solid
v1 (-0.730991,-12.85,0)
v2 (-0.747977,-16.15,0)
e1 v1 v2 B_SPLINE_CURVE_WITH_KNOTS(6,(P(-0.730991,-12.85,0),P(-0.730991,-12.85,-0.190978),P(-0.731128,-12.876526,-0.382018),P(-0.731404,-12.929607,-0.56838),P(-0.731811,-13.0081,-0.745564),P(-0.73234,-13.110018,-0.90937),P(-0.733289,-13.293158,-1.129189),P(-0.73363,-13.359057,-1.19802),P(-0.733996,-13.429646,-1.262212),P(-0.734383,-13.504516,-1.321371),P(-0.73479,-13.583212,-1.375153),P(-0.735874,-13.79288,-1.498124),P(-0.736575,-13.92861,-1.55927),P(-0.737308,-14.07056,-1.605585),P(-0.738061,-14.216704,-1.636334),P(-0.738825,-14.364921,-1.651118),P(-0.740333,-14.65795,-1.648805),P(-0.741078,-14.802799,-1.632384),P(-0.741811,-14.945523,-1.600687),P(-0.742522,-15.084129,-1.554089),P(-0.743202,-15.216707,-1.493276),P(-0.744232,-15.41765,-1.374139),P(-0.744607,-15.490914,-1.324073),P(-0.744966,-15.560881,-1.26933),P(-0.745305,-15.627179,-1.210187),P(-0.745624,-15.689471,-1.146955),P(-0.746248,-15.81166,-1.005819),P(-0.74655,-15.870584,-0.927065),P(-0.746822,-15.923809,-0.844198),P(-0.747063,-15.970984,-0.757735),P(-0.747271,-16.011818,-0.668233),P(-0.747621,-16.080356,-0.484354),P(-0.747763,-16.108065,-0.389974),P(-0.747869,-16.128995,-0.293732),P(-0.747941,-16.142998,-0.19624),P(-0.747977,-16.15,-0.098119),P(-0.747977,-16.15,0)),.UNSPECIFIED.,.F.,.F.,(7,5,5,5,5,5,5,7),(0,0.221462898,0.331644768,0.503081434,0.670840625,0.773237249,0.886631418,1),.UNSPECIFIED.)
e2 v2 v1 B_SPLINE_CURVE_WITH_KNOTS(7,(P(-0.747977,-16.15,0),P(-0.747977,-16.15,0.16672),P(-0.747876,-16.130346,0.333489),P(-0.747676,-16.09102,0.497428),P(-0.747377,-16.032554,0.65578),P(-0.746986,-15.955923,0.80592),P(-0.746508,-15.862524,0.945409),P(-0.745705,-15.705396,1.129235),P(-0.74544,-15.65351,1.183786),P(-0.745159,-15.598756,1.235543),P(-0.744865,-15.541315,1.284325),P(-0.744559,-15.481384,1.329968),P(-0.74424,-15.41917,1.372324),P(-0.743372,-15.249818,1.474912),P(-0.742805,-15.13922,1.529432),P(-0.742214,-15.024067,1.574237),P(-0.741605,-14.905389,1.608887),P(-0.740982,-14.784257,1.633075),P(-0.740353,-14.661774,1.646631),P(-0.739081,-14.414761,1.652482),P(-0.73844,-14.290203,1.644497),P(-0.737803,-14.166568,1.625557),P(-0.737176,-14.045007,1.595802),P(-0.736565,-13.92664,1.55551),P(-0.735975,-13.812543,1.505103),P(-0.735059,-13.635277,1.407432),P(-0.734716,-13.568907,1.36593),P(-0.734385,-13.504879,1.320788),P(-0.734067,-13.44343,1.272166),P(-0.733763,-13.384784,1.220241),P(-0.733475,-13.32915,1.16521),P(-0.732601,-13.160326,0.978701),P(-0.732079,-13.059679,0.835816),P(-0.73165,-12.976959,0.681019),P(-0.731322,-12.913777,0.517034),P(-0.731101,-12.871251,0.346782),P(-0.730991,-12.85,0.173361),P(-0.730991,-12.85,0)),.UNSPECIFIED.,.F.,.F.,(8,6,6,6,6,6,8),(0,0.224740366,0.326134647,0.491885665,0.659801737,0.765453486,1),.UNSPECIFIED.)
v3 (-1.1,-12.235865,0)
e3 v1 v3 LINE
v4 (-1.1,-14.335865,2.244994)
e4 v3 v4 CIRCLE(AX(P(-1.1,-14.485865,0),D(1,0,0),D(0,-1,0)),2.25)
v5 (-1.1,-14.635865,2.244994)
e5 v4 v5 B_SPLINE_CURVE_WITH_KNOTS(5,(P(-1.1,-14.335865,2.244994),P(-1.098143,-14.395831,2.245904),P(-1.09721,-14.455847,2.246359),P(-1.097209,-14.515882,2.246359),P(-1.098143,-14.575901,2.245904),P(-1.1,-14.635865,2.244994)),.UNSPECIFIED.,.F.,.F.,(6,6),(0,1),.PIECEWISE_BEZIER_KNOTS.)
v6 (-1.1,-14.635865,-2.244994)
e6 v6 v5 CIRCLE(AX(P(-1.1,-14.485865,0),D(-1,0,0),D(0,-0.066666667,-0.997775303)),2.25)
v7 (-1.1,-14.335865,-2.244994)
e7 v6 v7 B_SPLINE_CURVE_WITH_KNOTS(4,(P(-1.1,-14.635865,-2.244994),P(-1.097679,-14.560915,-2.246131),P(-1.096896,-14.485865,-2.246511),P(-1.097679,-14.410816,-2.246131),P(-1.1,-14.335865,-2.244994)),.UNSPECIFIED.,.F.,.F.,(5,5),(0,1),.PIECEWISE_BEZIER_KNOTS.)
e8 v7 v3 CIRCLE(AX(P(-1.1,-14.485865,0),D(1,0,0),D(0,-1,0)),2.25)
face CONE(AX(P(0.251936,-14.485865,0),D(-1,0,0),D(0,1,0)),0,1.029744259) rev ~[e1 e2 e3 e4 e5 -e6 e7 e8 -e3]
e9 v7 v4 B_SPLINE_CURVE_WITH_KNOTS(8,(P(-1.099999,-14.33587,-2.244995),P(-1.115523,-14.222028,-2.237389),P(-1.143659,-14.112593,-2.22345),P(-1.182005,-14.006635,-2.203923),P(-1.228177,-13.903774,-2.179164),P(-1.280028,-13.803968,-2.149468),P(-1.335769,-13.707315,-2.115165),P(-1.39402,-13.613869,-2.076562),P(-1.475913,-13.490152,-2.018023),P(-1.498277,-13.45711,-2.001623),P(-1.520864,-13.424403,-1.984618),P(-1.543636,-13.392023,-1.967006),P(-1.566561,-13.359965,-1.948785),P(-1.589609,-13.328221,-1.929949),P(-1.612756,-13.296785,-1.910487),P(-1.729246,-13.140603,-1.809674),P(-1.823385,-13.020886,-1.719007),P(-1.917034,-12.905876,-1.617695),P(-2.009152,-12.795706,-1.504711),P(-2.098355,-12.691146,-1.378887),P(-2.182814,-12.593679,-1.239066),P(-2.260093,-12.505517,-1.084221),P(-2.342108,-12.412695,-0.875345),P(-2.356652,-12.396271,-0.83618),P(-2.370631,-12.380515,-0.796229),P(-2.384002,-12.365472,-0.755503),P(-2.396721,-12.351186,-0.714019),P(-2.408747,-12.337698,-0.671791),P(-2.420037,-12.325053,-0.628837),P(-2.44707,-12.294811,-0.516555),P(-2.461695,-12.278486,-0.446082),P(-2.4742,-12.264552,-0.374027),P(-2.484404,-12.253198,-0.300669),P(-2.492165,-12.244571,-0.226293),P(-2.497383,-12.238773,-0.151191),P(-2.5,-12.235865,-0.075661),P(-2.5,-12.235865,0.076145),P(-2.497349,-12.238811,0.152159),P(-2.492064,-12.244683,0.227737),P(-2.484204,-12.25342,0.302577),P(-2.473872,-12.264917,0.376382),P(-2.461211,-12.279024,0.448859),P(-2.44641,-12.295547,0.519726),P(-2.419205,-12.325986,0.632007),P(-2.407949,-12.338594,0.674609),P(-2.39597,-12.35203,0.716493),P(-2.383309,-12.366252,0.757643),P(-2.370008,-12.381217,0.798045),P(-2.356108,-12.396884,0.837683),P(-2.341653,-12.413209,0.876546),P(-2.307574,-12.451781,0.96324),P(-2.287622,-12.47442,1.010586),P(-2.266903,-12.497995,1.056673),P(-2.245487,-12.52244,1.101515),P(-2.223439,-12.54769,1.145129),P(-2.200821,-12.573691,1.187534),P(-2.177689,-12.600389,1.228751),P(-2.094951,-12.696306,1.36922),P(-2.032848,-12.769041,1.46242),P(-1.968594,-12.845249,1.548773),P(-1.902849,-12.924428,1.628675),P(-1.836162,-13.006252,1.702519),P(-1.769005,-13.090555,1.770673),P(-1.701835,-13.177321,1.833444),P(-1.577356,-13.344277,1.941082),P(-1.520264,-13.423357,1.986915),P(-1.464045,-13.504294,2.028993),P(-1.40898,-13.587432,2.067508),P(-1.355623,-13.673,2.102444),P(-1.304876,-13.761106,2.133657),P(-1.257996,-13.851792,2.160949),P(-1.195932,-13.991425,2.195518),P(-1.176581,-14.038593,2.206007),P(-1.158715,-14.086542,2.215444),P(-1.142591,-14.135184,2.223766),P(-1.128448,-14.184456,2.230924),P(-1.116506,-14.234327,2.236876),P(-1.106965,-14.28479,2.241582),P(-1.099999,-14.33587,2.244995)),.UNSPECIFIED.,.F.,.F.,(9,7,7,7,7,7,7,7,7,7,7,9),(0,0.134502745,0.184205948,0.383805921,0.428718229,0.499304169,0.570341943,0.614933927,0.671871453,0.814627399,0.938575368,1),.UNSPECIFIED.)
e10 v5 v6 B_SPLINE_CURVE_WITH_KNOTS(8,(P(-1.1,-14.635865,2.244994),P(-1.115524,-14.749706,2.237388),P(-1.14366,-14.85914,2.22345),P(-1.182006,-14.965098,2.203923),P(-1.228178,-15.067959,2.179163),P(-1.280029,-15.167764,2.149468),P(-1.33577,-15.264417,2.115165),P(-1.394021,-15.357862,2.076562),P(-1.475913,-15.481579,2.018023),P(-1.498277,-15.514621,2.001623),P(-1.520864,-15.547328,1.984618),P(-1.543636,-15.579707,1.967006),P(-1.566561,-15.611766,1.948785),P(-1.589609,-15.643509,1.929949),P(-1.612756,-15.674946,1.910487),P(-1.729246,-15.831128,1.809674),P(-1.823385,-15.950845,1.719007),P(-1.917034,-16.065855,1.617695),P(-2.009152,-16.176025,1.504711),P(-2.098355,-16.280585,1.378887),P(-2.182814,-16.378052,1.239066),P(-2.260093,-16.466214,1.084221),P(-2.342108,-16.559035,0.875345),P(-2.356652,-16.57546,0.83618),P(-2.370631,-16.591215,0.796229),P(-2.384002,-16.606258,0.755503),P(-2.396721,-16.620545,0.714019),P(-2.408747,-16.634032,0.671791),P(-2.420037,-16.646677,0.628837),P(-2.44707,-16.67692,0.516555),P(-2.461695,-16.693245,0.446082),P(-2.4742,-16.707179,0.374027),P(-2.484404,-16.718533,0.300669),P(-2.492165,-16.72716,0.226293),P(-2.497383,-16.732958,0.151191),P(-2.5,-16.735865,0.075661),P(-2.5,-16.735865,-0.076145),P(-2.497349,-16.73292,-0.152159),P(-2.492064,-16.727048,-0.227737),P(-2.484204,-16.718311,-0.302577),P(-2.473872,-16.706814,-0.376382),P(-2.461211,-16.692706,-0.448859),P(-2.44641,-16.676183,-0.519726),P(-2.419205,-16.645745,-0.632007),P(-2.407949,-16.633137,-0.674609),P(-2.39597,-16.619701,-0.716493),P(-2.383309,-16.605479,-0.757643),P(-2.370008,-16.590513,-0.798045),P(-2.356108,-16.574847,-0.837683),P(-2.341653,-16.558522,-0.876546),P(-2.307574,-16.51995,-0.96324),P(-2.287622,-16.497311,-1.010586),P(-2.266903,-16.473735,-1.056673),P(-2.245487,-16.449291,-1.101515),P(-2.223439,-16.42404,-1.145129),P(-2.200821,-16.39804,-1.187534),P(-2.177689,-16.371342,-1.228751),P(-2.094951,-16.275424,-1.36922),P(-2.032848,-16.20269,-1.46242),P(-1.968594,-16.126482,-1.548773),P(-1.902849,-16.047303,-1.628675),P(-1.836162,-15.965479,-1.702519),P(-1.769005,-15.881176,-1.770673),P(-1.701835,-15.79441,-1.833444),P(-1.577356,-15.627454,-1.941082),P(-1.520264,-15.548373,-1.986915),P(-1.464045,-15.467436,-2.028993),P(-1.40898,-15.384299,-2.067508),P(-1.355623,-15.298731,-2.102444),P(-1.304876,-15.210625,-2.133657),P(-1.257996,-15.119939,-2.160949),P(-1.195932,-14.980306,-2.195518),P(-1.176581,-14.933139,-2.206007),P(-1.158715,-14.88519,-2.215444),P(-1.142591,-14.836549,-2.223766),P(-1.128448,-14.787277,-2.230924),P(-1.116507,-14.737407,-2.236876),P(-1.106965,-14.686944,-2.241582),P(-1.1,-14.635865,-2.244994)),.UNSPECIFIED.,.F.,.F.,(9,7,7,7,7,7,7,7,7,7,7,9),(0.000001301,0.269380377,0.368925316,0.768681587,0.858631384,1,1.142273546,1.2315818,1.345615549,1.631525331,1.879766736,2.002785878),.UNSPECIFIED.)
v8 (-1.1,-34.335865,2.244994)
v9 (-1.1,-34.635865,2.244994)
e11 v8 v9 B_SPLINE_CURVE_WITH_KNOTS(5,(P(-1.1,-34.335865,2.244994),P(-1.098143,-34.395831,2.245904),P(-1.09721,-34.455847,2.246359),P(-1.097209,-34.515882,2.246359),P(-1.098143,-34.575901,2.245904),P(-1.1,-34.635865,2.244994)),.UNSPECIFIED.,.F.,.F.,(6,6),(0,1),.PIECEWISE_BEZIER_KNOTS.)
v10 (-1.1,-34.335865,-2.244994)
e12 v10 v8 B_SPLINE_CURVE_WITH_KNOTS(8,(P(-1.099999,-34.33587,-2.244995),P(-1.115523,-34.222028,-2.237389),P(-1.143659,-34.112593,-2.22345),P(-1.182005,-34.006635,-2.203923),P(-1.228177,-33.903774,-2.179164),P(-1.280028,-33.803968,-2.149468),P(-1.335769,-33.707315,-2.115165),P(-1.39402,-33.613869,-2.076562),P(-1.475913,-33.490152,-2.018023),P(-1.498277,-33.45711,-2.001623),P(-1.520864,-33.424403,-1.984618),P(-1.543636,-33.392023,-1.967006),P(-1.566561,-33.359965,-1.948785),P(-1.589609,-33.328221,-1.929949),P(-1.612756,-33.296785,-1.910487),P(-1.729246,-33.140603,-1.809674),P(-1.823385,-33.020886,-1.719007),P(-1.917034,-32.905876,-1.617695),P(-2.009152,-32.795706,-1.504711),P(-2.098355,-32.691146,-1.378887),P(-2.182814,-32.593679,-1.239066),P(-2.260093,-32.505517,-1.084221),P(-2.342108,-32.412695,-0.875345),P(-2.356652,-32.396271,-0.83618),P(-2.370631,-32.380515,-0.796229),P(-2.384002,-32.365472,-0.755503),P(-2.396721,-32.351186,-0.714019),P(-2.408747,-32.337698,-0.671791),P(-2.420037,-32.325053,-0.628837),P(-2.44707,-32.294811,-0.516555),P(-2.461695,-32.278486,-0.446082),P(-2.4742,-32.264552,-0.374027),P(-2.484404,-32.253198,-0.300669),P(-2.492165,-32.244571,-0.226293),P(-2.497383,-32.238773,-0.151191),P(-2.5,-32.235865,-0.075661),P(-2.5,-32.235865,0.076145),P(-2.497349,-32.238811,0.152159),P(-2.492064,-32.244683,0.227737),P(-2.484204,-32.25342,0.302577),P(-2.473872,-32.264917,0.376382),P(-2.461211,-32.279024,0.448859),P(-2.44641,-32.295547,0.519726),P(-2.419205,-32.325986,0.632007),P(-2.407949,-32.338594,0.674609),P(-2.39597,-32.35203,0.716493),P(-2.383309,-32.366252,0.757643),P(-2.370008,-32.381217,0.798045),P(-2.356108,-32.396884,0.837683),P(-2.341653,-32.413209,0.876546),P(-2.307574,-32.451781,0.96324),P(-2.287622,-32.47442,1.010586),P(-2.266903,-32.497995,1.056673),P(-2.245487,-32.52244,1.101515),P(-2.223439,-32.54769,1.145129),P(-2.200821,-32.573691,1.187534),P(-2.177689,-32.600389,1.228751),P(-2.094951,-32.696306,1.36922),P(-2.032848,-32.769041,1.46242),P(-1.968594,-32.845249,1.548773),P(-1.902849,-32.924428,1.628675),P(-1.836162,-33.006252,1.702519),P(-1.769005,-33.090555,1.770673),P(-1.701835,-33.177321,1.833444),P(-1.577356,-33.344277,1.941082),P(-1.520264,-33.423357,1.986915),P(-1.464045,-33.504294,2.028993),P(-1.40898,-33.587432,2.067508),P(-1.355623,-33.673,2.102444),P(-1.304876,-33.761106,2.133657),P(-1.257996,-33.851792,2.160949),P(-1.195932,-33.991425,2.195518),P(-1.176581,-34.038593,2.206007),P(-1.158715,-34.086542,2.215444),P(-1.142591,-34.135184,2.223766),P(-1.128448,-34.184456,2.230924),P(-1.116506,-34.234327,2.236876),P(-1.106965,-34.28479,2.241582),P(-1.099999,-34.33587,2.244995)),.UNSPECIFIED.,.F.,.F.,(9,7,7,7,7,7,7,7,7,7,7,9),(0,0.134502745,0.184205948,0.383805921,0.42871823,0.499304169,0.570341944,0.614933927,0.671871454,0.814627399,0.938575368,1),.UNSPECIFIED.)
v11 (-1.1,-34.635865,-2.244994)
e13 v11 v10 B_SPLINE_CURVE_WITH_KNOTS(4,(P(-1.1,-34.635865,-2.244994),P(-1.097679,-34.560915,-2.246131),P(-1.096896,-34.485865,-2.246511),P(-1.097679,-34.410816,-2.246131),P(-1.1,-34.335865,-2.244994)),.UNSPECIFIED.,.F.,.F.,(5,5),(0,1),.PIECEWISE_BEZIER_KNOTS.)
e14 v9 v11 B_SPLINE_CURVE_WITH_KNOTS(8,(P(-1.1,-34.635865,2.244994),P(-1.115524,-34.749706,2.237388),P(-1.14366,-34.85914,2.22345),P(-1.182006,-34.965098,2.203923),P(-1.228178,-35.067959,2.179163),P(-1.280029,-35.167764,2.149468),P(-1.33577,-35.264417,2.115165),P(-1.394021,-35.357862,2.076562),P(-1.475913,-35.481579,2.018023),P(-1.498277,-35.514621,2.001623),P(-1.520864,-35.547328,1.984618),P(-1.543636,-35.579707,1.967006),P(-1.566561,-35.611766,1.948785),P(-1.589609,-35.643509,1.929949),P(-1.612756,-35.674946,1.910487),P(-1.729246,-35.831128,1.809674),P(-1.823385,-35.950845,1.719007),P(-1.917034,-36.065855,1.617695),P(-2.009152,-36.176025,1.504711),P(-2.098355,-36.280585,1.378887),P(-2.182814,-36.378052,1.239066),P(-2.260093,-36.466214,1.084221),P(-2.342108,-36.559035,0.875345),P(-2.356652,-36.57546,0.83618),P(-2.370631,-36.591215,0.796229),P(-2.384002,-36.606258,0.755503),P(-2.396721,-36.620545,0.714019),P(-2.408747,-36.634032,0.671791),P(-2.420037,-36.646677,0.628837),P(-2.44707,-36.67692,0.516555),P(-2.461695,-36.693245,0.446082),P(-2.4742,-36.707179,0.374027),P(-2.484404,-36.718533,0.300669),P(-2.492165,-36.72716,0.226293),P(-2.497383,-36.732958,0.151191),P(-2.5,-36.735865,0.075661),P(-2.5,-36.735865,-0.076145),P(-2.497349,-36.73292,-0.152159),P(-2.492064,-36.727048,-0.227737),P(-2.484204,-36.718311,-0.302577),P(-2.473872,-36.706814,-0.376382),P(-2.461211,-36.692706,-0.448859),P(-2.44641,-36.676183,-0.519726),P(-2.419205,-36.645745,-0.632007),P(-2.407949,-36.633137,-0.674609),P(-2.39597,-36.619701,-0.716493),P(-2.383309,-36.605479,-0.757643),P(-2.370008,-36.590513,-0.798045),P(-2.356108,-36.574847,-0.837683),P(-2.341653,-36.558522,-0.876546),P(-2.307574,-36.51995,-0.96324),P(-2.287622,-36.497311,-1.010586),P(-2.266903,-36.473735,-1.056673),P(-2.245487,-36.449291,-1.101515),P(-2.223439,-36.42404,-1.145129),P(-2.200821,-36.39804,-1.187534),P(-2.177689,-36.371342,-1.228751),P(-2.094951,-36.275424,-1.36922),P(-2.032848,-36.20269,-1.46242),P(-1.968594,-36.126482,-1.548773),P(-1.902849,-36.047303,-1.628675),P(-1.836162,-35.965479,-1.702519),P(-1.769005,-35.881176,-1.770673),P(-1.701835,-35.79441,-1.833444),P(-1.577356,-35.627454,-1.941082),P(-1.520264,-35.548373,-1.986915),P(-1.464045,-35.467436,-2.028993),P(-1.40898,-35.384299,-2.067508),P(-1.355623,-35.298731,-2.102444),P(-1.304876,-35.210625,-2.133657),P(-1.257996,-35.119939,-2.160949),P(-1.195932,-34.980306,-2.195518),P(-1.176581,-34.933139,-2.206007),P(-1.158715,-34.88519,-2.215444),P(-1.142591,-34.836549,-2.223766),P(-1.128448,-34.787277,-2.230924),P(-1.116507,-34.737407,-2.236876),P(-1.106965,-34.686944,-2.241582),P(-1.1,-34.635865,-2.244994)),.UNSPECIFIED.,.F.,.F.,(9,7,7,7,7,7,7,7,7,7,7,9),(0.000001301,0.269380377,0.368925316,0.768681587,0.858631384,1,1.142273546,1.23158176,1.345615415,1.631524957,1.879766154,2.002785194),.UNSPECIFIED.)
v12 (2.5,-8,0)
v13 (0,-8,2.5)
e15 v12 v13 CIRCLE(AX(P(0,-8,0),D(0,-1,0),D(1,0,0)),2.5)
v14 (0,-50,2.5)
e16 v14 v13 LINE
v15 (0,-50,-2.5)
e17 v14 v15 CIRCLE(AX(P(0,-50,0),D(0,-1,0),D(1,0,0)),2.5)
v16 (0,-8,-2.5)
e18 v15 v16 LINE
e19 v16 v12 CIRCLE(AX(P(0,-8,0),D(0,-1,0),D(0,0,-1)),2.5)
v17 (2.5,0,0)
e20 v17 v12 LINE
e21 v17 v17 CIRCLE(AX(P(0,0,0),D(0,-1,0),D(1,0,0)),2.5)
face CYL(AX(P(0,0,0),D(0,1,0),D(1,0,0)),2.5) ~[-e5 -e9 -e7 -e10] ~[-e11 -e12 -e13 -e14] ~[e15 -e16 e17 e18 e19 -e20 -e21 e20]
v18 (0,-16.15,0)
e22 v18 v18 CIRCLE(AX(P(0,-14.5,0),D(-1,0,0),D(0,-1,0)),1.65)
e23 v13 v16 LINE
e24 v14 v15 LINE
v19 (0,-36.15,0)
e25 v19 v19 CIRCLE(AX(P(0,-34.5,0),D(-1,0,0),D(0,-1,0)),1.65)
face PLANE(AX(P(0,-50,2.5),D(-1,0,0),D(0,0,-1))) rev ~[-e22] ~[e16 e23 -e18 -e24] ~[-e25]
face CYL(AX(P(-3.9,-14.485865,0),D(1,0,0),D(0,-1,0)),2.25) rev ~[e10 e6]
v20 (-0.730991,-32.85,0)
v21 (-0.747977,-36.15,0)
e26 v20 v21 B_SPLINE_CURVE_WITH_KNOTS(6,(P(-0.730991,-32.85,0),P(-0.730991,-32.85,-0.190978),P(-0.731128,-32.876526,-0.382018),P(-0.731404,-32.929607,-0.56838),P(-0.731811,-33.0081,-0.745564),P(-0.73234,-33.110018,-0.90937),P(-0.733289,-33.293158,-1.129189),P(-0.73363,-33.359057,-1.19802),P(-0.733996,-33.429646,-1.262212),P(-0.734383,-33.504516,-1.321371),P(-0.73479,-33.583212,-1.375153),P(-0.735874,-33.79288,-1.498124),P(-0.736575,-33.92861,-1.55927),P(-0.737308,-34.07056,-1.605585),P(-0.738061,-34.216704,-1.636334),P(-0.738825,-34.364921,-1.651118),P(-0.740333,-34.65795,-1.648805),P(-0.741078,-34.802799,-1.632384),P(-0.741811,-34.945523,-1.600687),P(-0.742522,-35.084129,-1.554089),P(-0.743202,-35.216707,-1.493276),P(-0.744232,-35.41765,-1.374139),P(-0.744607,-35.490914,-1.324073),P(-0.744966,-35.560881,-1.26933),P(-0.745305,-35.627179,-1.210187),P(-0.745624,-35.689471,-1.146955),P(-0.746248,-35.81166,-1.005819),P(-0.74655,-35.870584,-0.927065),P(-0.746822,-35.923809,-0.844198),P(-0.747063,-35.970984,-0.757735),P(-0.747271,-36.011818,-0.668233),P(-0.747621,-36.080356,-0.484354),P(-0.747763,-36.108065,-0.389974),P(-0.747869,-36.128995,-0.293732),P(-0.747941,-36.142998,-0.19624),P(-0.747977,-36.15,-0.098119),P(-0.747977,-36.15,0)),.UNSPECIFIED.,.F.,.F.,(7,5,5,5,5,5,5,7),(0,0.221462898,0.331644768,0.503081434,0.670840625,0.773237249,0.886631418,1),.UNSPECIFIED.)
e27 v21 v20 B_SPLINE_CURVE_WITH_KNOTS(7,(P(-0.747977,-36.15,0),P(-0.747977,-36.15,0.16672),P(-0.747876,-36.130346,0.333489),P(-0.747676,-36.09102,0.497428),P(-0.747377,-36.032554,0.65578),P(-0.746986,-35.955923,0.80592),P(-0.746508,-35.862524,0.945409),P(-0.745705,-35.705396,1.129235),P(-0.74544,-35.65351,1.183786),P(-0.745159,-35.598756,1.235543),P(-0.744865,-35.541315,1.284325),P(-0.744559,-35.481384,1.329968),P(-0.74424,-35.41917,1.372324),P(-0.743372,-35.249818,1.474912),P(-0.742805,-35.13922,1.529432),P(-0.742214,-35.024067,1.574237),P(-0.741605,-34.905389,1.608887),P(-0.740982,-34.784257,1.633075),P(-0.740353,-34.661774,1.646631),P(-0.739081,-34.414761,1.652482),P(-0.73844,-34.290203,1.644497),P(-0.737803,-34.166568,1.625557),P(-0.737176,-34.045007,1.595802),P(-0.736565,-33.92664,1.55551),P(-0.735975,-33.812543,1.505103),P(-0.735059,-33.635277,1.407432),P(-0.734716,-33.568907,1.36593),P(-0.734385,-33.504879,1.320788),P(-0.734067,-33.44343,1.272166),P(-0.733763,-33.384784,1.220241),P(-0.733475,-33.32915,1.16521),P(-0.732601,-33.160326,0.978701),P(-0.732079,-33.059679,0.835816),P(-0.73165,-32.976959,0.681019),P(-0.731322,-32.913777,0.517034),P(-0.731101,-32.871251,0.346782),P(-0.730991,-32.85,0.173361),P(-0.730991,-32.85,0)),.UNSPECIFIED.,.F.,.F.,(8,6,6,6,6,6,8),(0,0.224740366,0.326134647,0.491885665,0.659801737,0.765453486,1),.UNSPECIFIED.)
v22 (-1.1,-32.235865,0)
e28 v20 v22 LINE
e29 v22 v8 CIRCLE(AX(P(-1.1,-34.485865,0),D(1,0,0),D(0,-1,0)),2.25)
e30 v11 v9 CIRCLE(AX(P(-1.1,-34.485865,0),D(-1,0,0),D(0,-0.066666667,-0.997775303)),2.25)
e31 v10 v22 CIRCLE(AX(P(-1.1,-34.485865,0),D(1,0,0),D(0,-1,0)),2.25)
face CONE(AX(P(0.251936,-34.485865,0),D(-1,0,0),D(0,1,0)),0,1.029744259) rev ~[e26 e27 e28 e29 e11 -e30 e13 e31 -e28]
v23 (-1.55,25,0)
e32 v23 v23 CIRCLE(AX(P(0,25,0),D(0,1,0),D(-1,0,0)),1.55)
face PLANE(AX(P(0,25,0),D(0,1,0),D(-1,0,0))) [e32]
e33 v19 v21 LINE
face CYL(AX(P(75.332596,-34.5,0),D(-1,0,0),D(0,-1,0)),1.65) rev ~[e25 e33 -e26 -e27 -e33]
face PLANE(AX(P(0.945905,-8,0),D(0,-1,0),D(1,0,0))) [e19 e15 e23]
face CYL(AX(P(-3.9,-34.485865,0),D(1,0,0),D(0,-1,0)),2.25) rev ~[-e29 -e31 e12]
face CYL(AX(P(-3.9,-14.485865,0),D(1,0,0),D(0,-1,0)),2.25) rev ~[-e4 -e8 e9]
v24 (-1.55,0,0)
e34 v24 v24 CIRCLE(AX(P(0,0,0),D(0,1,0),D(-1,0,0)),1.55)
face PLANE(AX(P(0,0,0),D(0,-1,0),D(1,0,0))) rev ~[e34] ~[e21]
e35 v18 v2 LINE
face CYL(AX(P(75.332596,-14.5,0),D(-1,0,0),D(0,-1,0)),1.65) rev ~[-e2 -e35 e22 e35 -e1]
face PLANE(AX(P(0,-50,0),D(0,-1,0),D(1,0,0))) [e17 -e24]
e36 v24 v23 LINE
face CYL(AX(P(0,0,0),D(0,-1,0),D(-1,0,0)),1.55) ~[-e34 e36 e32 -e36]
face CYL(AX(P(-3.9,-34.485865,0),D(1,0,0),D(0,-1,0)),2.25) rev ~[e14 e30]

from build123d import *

# Parameters (mm, degrees)
F0_R      = 2.5
F1_DEPTH  = 50
F2_R      = 1.55
F3_DEPTH  = 25
F5_DEPTH  = 42
F7_D      = 3.3
F10_D     = 4.5
F10_DEPTH = 1.4
F10_TIP   = 1.3519363928


with BuildPart() as f1:
    # F0 (on Front) → F1 (new body)
    with BuildSketch(Plane.XZ):
        Circle(F0_R)
    extrude(amount=F1_DEPTH)

    # F2 (on face) → F3 (join)
    with BuildSketch(Plane(origin=(0, 0, 0), x_dir=(-1, 0, 0), z_dir=(0, 1, 0))):
        Circle(F2_R)
    extrude(amount=F3_DEPTH)

    # F4 (on face) → F5 (cut)
    with BuildSketch(Plane.XZ.offset(50)):
        with BuildLine():
            ThreePointArc((2.5, 0), (1.767766953, 1.767766953), (0, 2.5))
            Line((0, 2.5), (0, -2.5))
            ThreePointArc((0, -2.5), (1.767766953, -1.767766953), (2.5, 0))
        make_face()
    extrude(amount=-F5_DEPTH, mode=Mode.SUBTRACT)

    # F7 (through all)
    with Locations(Plane.YZ):
        with Locations((-34.5, 0), (-14.5, 0)):
            Hole(F7_D / 2)

    # F10
    with Locations(Plane(origin=(-2.5, 0, 0), x_dir=(0, 1, 0), z_dir=(-1, 0, 0))):
        with Locations((-34.4858653843, 0), (-14.4858653843, 0)):
            Hole(F10_D / 2, depth=F10_DEPTH)
            with Locations((0, 0, -(F10_DEPTH + F10_TIP / 2))):  # 118° drill point
                Cone(0, F10_D / 2, F10_TIP, mode=Mode.SUBTRACT)


solid = f1.part
